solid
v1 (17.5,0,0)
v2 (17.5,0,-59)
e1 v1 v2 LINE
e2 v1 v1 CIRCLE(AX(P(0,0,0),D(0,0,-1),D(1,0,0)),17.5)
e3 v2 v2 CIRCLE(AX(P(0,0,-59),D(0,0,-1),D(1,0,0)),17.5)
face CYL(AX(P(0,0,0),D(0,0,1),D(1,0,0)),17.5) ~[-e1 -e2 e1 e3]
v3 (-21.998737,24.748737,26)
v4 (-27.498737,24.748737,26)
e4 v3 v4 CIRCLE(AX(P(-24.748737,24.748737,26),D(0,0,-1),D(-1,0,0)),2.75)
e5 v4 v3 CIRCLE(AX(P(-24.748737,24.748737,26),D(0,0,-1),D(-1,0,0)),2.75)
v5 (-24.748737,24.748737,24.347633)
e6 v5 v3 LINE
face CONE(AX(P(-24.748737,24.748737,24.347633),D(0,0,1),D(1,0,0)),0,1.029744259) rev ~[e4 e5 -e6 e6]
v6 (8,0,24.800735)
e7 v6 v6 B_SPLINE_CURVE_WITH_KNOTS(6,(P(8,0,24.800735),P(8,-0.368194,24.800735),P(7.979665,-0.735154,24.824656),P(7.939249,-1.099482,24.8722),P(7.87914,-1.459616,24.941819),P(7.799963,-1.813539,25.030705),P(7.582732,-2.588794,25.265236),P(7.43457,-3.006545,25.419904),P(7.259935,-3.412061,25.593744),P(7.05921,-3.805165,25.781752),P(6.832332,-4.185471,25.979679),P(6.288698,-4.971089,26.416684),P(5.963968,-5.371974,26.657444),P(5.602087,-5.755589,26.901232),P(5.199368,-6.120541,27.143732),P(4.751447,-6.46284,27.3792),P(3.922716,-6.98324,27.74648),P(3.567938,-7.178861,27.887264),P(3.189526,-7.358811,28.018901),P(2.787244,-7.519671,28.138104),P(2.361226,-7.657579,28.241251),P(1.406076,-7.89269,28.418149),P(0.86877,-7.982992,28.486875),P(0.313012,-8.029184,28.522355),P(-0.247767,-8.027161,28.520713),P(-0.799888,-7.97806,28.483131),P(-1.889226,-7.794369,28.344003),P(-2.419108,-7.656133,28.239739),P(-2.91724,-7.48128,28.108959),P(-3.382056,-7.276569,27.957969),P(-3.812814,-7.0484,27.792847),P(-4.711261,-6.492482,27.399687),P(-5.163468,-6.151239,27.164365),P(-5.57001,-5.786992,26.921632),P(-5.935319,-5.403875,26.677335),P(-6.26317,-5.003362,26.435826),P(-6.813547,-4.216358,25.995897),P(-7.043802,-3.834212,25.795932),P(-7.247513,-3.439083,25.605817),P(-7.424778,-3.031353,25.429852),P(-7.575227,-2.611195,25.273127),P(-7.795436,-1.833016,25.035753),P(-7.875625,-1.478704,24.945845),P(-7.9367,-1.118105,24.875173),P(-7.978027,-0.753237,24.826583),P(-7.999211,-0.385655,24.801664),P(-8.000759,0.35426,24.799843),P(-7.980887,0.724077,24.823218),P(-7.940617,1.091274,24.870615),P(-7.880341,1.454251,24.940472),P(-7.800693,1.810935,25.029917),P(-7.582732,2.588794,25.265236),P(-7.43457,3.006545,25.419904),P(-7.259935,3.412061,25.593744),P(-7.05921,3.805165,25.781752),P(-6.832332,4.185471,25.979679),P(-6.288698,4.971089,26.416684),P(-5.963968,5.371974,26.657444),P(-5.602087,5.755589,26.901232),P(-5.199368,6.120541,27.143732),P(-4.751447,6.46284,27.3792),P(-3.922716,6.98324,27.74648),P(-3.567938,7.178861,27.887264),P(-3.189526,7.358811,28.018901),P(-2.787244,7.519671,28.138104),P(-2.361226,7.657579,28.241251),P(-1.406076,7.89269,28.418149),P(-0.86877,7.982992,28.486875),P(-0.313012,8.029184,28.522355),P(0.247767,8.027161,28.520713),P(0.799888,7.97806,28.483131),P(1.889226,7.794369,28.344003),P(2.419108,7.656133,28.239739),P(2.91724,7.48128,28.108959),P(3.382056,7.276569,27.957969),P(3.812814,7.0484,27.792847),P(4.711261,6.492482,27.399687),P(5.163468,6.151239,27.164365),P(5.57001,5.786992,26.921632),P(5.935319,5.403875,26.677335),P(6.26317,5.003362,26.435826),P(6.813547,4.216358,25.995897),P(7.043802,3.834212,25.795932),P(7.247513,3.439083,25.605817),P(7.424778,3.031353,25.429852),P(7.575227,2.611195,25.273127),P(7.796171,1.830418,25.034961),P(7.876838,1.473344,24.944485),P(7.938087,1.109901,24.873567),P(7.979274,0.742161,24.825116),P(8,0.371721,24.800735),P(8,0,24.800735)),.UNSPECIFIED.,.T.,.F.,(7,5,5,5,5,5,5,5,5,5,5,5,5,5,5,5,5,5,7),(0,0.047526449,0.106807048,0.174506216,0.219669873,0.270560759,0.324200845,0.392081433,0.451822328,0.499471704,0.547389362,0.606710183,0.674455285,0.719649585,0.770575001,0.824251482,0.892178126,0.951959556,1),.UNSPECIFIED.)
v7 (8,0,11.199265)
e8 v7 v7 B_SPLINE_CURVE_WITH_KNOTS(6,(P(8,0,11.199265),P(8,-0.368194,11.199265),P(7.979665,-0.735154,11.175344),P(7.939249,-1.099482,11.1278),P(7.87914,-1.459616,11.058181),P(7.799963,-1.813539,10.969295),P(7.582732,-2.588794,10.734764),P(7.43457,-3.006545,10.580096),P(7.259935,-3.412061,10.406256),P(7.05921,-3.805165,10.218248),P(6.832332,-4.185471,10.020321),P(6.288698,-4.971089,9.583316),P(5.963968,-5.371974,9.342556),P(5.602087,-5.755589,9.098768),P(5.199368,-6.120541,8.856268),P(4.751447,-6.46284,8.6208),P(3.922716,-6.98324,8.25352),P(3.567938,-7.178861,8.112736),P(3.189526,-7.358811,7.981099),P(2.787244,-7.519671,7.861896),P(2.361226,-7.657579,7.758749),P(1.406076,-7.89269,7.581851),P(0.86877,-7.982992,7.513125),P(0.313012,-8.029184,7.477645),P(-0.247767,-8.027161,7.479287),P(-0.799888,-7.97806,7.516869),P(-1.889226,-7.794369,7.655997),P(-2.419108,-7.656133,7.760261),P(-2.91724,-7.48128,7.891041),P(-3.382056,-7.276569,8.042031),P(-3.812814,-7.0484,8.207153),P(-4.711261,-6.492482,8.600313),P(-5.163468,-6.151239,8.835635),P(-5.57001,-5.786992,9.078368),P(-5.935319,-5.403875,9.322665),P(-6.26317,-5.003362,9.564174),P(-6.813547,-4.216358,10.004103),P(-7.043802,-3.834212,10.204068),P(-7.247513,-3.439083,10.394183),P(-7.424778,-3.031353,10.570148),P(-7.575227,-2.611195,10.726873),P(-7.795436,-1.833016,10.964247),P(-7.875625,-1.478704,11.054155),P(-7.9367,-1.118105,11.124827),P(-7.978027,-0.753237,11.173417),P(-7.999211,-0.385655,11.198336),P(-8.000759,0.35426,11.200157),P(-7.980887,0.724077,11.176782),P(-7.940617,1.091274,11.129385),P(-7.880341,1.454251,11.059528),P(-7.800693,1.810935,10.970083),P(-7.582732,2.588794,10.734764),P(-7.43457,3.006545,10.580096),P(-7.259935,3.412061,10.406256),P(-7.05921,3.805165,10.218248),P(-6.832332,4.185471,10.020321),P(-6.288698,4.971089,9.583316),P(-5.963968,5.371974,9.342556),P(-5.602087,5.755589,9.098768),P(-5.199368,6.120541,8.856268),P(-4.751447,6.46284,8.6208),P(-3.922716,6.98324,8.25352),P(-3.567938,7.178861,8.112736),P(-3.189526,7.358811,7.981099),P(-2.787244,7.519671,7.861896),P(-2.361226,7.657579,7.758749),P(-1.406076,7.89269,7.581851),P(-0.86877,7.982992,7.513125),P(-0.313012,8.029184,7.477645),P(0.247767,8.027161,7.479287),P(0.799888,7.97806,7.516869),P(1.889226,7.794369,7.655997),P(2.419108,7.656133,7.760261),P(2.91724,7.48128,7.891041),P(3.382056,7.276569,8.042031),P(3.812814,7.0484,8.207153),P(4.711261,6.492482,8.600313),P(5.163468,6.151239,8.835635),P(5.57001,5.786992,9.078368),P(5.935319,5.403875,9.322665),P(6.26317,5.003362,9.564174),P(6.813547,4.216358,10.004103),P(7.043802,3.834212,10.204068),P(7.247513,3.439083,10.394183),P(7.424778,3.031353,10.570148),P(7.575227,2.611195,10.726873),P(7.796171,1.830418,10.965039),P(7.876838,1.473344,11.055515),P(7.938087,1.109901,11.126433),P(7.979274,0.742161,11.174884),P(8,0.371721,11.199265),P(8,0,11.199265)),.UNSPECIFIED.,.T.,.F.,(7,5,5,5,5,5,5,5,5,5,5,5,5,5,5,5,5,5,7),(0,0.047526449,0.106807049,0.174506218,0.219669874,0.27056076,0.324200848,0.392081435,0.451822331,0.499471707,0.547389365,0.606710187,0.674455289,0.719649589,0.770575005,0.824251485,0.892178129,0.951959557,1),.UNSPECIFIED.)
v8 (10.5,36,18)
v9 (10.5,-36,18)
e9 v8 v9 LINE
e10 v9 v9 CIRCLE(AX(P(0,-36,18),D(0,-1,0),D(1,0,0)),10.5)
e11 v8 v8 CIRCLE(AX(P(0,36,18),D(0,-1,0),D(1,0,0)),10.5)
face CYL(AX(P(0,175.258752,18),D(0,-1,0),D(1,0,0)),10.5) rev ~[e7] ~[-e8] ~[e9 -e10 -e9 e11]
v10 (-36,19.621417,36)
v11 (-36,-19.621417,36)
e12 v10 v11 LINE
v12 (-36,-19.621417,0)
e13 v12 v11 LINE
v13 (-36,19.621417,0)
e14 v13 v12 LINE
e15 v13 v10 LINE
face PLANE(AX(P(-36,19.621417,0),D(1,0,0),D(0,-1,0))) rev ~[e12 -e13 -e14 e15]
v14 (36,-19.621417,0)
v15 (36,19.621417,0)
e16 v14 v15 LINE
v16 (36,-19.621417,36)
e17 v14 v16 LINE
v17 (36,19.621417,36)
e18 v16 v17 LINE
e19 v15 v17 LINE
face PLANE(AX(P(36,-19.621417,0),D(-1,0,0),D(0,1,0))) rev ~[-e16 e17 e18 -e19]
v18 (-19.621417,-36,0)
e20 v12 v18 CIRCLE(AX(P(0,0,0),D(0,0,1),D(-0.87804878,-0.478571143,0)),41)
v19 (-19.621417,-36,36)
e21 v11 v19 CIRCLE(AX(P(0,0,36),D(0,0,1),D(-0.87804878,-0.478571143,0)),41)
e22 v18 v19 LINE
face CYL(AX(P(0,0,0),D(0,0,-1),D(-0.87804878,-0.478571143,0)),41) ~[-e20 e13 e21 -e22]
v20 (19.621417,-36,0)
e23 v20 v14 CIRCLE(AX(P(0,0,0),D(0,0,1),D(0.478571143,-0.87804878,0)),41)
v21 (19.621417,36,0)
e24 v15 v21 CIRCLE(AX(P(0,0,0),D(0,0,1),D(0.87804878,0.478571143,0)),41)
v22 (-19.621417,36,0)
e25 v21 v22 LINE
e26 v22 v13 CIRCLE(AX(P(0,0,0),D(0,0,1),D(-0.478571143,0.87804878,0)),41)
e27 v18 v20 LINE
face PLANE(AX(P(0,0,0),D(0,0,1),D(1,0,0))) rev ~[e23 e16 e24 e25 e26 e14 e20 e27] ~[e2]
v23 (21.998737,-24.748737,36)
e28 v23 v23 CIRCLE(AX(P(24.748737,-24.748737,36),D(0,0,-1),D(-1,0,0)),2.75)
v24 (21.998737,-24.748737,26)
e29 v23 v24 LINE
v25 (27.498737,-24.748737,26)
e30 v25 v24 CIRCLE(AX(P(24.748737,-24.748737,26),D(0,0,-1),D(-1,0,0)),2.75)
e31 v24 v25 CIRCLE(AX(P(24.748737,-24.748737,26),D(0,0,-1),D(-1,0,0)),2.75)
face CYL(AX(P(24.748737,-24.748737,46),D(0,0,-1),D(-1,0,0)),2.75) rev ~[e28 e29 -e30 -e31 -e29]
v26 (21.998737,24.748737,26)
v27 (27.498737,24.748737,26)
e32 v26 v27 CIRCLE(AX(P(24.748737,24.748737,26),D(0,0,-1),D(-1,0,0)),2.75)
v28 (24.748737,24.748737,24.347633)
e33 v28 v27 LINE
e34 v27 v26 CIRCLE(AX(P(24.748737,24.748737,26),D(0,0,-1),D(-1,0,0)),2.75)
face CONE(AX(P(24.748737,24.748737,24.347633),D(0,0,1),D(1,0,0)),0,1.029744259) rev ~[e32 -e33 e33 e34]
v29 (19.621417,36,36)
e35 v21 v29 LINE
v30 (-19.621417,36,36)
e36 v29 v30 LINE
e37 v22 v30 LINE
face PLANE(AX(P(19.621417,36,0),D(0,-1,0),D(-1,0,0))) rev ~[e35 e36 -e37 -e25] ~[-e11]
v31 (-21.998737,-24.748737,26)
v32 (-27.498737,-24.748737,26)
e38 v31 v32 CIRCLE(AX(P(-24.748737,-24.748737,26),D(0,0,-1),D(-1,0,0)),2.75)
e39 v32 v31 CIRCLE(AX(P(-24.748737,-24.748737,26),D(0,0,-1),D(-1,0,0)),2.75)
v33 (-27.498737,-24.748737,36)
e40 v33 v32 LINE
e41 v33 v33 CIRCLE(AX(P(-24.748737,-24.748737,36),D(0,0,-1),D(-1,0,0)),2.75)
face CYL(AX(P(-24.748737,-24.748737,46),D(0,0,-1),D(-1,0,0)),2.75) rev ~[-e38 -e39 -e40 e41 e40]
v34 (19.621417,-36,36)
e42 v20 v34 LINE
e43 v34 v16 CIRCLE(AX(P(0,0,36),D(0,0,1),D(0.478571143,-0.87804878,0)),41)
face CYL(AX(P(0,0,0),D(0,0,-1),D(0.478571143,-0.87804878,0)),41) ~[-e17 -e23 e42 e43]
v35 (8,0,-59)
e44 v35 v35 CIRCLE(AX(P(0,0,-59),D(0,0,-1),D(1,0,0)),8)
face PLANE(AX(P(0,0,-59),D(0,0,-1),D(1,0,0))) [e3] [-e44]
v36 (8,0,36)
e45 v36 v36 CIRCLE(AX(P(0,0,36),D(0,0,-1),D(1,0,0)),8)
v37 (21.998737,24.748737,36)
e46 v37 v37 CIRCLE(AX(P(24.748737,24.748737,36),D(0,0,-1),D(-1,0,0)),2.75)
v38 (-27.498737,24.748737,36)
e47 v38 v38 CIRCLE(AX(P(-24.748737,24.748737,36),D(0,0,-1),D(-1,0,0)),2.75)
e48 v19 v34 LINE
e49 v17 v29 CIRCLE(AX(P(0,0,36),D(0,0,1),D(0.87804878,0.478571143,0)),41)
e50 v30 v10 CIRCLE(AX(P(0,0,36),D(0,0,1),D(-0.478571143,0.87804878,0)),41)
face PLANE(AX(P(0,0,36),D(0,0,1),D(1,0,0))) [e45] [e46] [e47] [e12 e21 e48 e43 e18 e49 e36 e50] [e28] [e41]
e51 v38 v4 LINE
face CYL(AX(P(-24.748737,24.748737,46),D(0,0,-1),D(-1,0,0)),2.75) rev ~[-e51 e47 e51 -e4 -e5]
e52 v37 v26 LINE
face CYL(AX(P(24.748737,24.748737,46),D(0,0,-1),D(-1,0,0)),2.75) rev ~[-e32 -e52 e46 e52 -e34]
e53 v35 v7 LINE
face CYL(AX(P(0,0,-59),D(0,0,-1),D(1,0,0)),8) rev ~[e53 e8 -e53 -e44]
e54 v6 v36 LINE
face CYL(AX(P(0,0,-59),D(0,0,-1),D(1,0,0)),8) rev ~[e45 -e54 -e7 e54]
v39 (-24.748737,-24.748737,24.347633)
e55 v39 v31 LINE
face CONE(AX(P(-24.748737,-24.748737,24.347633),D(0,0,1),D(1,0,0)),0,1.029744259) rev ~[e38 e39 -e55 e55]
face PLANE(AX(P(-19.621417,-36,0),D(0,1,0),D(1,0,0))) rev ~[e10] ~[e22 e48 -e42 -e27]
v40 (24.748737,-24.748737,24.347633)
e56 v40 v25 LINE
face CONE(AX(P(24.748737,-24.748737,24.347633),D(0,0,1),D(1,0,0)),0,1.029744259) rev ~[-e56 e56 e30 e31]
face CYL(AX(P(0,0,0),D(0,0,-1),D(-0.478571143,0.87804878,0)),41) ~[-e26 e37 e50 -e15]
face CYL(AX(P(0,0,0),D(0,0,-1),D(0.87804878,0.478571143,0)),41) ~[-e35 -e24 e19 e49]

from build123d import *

# Parameters (mm, degrees)
F1_DEPTH = 36
F3_D     = 5.5
F3_DEPTH = 10
F3_TIP   = 1.6523667023
F5_R     = 17.5
F6_DEPTH = 59
F7_R     = 8
F8_DEPTH = 95.001
F10_D    = 21


with BuildPart() as f1:
    # F0 (on Top) → F1 (new body)
    with BuildSketch(Plane.XY):
        with BuildLine():
            Line((19.6214168703, 36), (-19.6214168703, 36))
            ThreePointArc((-19.6214168703, 36), (-28.9913780286, 28.9913780286), (-36, 19.6214168703))
            Line((-36, 19.6214168703), (-36, -19.6214168703))
            ThreePointArc((-36, -19.6214168703), (-28.9913780286, -28.9913780286), (-19.6214168703, -36))
            Line((-19.6214168703, -36), (19.6214168703, -36))
            ThreePointArc((19.6214168703, -36), (28.9913780286, -28.9913780286), (36, -19.6214168703))
            Line((36, -19.6214168703), (36, 19.6214168703))
            ThreePointArc((36, 19.6214168703), (28.9913780286, 28.9913780286), (19.6214168703, 36))
        make_face()
    extrude(amount=F1_DEPTH)

    # F3
    with Locations(Plane.XY.offset(36)):
        with Locations((-24.7487373415, 24.7487373415), (24.7487373415, 24.7487373415), (24.7487373415, -24.7487373415), (-24.7487373415, -24.7487373415)):
            Hole(F3_D / 2, depth=F3_DEPTH)
            with Locations((0, 0, -(F3_DEPTH + F3_TIP / 2))):  # 118° drill point
                Cone(0, F3_D / 2, F3_TIP, mode=Mode.SUBTRACT)

    # F5 (on face) → F6 (join)
    with BuildSketch(Plane(origin=(0, 0, 0), x_dir=(1, 0, 0), z_dir=(0, 0, -1))):
        Circle(F5_R)
    extrude(amount=F6_DEPTH)

    # F7 (on face) → F8 (cut, through all)
    with BuildSketch(Plane(origin=(0, 0, -59), x_dir=(1, 0, 0), z_dir=(0, 0, -1))):
        Circle(F7_R)
    extrude(amount=-F8_DEPTH, mode=Mode.SUBTRACT)

    # F10 (through all)
    with Locations(Plane(origin=(0, 36, 0), x_dir=(-1, 0, 0), z_dir=(0, 1, 0))):
        with Locations((0, 18)):
            Hole(F10_D / 2)


solid = f1.part
